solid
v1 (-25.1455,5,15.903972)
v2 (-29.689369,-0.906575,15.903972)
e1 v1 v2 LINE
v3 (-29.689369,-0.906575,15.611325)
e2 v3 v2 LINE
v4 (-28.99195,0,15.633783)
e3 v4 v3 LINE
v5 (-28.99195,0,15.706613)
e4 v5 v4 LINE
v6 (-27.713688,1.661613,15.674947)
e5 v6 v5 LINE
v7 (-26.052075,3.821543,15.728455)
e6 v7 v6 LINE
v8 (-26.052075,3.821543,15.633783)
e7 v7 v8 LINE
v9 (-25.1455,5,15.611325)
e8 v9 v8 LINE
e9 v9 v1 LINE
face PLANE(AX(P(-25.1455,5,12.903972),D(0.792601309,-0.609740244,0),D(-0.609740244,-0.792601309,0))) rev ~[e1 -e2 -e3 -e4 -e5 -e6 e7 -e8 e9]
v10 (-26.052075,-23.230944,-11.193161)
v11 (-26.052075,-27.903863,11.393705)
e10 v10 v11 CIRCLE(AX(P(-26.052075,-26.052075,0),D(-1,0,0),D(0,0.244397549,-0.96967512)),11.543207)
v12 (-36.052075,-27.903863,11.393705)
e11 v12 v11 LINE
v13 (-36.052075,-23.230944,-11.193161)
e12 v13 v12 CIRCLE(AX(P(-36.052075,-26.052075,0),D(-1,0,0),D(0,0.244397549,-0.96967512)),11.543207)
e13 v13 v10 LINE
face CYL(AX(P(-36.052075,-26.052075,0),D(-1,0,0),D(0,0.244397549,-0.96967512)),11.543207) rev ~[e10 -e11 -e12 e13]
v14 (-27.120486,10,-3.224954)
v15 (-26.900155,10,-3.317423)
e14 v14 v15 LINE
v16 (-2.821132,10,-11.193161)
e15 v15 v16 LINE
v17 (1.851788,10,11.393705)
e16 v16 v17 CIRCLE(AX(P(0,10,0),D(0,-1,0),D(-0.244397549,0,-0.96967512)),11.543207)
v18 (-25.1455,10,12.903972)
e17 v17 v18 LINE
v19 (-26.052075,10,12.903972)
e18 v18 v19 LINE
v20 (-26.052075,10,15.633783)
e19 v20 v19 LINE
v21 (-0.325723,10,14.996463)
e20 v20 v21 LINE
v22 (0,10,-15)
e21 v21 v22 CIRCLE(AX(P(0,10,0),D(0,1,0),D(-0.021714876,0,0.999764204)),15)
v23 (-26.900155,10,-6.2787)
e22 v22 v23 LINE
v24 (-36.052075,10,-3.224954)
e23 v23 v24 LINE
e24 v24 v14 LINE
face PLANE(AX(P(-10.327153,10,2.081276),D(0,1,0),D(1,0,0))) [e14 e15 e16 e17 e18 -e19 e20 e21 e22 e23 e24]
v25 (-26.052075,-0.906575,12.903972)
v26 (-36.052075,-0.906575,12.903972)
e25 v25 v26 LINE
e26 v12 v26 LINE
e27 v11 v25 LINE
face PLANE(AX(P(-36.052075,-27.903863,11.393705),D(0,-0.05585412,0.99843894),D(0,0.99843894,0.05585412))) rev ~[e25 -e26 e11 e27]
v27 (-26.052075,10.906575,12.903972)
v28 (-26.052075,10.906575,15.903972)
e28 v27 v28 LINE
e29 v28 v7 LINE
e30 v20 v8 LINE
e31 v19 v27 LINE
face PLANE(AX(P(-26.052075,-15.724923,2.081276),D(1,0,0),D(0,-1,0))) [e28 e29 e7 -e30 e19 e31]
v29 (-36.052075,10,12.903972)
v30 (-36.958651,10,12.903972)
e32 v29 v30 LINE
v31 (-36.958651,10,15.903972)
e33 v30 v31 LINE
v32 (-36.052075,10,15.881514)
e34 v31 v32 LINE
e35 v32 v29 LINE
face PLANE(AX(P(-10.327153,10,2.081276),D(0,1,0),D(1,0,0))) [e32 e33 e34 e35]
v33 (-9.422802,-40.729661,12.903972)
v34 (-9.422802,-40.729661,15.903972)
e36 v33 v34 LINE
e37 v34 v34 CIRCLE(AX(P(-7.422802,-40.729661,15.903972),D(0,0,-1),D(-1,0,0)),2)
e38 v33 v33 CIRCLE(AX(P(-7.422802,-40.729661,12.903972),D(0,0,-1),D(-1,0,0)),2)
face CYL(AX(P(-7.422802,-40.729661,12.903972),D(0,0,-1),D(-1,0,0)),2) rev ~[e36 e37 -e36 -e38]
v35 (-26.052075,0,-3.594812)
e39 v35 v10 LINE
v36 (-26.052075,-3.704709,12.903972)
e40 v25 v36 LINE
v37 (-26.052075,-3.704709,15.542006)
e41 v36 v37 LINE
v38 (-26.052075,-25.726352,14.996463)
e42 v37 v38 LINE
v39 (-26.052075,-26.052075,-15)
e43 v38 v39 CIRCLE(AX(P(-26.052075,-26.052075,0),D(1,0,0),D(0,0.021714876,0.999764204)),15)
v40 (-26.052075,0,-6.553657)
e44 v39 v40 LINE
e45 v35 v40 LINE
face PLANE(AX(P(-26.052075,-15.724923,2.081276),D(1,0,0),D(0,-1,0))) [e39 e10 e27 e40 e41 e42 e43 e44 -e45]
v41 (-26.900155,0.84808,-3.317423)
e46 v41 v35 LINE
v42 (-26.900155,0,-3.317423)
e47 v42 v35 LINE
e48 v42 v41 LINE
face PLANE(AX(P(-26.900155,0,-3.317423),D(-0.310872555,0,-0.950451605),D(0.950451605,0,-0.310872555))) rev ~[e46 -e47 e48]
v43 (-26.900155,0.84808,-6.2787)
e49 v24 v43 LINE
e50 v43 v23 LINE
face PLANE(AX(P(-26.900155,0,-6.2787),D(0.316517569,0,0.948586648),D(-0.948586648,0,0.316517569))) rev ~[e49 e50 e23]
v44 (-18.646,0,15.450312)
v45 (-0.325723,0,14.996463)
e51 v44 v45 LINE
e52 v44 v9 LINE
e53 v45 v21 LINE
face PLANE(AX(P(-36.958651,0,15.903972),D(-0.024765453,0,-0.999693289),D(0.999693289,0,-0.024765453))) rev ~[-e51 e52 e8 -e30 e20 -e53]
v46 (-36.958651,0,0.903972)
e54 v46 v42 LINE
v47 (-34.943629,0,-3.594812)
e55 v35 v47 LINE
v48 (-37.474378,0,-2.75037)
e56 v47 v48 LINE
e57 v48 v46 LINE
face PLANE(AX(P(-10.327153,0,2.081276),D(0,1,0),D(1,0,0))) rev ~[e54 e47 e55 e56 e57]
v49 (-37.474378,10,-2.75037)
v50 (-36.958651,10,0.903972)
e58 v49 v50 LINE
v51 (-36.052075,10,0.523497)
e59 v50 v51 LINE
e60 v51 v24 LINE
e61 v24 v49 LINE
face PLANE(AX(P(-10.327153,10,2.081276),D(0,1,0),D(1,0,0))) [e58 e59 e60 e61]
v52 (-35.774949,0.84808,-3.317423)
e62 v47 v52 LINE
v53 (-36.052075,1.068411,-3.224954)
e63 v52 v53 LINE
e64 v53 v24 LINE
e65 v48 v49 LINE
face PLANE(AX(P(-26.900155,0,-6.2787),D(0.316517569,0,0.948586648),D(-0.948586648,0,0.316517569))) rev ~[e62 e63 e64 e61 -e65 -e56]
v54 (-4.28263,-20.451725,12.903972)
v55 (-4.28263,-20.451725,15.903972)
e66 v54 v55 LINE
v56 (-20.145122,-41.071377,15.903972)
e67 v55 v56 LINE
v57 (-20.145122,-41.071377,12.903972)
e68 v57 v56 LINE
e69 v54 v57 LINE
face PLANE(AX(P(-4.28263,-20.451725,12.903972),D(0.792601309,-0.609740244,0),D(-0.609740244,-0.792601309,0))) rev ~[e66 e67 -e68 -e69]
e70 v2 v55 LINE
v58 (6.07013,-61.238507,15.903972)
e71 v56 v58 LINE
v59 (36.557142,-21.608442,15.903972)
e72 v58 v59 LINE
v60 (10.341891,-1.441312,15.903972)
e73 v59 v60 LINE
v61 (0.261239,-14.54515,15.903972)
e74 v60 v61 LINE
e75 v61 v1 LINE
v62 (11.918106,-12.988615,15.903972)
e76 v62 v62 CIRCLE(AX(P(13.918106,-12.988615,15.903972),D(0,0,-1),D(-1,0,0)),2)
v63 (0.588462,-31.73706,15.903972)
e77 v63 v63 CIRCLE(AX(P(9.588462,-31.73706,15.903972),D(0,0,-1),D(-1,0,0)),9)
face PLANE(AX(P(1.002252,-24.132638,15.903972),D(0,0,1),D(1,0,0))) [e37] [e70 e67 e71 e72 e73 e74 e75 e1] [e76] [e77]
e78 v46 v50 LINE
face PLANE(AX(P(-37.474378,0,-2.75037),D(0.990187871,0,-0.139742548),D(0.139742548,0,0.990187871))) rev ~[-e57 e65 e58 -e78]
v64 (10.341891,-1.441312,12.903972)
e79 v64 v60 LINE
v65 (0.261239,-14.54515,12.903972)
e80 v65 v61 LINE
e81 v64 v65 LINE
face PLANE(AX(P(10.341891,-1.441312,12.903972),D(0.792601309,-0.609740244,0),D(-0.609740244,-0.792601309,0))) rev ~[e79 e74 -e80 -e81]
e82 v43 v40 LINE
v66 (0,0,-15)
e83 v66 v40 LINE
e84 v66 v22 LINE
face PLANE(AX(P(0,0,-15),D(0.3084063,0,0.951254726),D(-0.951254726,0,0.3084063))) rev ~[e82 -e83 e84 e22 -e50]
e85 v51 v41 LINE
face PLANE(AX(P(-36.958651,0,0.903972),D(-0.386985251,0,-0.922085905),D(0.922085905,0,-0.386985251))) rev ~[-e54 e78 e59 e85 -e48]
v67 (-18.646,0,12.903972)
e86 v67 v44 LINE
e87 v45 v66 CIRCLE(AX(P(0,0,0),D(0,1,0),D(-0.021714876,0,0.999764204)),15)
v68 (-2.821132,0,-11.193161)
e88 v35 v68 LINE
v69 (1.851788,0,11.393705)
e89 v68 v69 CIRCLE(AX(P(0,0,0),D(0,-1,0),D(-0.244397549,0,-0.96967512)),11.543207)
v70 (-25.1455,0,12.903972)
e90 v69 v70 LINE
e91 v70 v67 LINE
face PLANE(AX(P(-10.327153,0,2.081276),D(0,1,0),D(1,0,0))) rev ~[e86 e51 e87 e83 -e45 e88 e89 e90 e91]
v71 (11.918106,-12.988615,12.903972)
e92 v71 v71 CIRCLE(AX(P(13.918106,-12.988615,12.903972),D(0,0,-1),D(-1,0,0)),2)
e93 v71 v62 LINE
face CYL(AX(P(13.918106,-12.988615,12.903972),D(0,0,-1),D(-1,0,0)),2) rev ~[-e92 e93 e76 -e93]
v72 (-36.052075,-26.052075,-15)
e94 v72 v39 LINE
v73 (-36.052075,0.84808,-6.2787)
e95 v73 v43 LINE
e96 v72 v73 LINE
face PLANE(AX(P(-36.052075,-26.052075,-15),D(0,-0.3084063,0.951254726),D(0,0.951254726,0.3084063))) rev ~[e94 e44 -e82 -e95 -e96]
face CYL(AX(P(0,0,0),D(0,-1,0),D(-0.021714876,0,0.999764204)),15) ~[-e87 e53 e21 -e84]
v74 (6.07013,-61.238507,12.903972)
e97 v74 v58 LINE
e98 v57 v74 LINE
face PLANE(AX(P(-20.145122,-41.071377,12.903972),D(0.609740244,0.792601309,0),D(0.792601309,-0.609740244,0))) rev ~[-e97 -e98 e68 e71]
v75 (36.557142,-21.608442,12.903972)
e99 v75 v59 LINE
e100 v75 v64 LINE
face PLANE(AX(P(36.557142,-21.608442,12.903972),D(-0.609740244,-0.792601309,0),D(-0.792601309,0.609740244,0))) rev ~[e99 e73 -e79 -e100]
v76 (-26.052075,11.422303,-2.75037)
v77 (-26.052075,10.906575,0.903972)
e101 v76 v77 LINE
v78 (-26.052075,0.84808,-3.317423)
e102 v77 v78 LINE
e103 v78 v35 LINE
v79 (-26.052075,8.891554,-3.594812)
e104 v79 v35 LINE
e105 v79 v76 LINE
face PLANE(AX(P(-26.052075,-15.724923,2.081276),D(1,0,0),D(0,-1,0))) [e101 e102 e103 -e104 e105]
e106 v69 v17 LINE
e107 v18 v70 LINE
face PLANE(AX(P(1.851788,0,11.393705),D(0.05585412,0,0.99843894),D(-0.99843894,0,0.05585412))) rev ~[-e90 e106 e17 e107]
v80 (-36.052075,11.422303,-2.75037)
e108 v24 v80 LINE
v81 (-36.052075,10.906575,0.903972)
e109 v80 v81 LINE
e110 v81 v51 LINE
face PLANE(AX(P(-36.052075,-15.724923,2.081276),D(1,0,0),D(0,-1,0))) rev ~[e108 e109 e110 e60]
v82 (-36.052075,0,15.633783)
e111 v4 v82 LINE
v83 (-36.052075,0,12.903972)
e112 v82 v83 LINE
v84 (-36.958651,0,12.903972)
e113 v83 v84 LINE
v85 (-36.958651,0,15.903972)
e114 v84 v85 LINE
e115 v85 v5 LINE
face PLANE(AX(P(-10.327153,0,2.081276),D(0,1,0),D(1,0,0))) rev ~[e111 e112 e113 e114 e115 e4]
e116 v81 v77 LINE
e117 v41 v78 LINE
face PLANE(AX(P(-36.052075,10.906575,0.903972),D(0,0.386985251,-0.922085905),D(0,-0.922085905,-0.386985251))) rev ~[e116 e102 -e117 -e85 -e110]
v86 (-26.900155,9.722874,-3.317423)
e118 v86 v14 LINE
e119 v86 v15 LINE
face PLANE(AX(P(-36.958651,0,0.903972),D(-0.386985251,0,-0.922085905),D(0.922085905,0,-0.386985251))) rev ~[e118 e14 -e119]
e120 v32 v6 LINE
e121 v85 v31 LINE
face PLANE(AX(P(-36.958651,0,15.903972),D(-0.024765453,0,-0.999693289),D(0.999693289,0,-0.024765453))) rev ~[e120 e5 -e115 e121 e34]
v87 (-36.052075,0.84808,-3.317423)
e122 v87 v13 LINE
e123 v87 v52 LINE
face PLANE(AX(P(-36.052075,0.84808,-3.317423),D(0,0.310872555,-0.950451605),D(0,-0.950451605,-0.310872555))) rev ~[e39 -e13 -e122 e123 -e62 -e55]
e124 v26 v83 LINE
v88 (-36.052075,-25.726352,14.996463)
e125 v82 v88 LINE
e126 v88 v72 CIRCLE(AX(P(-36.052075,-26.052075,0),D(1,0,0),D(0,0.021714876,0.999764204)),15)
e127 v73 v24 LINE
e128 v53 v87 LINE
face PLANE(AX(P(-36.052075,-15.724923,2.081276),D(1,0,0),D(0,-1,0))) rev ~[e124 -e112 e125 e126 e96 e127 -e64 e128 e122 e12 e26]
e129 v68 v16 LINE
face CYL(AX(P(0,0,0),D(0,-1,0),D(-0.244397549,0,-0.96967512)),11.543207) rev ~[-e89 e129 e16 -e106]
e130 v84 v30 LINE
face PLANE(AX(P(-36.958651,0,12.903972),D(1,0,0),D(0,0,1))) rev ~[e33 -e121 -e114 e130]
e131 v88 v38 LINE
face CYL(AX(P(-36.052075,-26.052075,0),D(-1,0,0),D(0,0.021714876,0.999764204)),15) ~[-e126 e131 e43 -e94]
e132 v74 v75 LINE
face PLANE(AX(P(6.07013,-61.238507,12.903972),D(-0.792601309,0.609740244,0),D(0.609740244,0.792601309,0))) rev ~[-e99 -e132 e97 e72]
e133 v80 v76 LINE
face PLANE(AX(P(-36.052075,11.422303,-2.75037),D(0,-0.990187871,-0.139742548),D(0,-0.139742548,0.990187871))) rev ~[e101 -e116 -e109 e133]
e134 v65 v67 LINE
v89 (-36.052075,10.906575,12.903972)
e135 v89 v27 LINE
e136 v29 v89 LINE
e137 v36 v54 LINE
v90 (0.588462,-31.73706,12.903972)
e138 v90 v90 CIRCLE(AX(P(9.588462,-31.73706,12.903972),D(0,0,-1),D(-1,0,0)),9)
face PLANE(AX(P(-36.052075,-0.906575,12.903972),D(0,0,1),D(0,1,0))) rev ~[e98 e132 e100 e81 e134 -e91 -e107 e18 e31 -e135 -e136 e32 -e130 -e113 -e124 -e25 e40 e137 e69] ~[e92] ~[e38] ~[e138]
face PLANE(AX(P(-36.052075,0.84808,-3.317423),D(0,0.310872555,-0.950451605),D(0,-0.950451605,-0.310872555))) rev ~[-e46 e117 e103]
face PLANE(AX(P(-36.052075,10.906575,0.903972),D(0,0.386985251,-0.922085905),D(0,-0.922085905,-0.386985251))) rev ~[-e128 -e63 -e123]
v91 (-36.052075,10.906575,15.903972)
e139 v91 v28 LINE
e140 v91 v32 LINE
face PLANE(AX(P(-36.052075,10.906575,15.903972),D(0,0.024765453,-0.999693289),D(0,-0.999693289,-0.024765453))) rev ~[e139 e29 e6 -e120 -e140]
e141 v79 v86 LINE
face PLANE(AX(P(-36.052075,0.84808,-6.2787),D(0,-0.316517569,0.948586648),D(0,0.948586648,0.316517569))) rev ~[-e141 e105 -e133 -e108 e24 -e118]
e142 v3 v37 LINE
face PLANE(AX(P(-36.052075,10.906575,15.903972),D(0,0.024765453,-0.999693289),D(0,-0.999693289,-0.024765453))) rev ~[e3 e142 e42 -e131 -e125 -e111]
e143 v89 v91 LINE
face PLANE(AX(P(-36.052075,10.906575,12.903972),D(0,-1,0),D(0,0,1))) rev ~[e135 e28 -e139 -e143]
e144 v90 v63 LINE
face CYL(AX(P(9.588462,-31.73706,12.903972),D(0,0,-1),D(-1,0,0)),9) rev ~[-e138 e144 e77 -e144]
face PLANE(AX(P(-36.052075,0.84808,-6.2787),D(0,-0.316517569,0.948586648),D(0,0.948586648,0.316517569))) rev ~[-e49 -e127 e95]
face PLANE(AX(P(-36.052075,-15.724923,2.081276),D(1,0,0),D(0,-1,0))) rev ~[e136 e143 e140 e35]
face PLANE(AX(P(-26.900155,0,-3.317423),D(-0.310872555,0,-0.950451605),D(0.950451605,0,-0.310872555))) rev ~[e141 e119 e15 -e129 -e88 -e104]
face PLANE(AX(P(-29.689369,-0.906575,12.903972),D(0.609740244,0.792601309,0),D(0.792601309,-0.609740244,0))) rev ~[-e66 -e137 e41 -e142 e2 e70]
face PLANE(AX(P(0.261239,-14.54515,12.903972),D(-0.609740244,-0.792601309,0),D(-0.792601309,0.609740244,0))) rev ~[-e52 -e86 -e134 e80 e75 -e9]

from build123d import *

# Parameters (mm, degrees)
BOSS_EXTRUDE1_DEPTH = 10
CIRPATTERN1_COUNT   = 2
CIRPATTERN1_ANGLE   = 90
SKETCH4_R           = 2
SKETCH4_R_2         = 9
BOSS_EXTRUDE2_DEPTH = 3


with BuildPart() as part:
    # Sketch1 → Boss-Extrude1 (new body)
    with BuildSketch(Plane(origin=(0, 0, 0), x_dir=(1, 0, 0), z_dir=(0, 1, 0))):
        with BuildLine():
            Line((0, 15), (-26.900155428, 6.278700475))
            Line((-26.900155428, 6.278700475), (-37.47437809, 2.750369919))
            Line((-37.47437809, 2.750369919), (-36.958650594, -0.903972442))
            Line((-36.958650594, -0.903972442), (-26.900155428, 3.317423045))
            Line((-26.900155428, 3.317423045), (-2.821131559, 11.193160892))
            ThreePointArc((-2.821131559, 11.193160892), (11.303828334, 2.338610491), (1.8517881, -11.393705054))
            Line((1.8517881, -11.393705054), (-25.145499842, -12.903972442))
            Line((-25.145499842, -12.903972442), (-32.586903668, -12.903972442))
            Line((-32.586903668, -12.903972442), (-36.958650594, -12.903972442))
            Line((-36.958650594, -12.903972442), (-36.958650594, -15.903972442))
            Line((-36.958650594, -15.903972442), (-0.325723138, -14.996463064))
            ThreePointArc((-0.325723138, -14.996463064), (14.99911574, -0.16287117), (0, 15))
        make_face()
    boss_extrude1 = extrude(amount=BOSS_EXTRUDE1_DEPTH)

    # CirPattern1: Boss-Extrude1 ×2 about axis
    cirpattern1_axis = Axis((-31.052075218, 5, 0), (0, 0, -1))
    for i in range(1, CIRPATTERN1_COUNT):
        add(boss_extrude1.rotate(cirpattern1_axis, i * CIRPATTERN1_ANGLE / (CIRPATTERN1_COUNT - 1)))

    # Sketch4 → Boss-Extrude2 (add)
    with BuildSketch(Plane(origin=(0, 0, 12.903972442), x_dir=(-1, 0, 0), z_dir=(0, 0, -1))):
        Polygon((25.145499842, 5), (29.689369088, -0.906575376), (4.282629912, -20.451725217), (20.145121552, -41.071377206), (-6.070129591, -61.238507201), (-36.557141793, -21.608441758), (-10.34189065, -1.441311764), (-0.261239334, -14.545149841), align=None)
        with Locations((-13.91810605, -12.988615209)):
            Circle(SKETCH4_R, mode=Mode.SUBTRACT)
        with Locations((7.422802492, -40.729661018)):
            Circle(SKETCH4_R, mode=Mode.SUBTRACT)
        with Locations((-9.58846225, -31.737060066)):
            Circle(SKETCH4_R_2, mode=Mode.SUBTRACT)
    extrude(amount=-BOSS_EXTRUDE2_DEPTH)


solid = part.part
